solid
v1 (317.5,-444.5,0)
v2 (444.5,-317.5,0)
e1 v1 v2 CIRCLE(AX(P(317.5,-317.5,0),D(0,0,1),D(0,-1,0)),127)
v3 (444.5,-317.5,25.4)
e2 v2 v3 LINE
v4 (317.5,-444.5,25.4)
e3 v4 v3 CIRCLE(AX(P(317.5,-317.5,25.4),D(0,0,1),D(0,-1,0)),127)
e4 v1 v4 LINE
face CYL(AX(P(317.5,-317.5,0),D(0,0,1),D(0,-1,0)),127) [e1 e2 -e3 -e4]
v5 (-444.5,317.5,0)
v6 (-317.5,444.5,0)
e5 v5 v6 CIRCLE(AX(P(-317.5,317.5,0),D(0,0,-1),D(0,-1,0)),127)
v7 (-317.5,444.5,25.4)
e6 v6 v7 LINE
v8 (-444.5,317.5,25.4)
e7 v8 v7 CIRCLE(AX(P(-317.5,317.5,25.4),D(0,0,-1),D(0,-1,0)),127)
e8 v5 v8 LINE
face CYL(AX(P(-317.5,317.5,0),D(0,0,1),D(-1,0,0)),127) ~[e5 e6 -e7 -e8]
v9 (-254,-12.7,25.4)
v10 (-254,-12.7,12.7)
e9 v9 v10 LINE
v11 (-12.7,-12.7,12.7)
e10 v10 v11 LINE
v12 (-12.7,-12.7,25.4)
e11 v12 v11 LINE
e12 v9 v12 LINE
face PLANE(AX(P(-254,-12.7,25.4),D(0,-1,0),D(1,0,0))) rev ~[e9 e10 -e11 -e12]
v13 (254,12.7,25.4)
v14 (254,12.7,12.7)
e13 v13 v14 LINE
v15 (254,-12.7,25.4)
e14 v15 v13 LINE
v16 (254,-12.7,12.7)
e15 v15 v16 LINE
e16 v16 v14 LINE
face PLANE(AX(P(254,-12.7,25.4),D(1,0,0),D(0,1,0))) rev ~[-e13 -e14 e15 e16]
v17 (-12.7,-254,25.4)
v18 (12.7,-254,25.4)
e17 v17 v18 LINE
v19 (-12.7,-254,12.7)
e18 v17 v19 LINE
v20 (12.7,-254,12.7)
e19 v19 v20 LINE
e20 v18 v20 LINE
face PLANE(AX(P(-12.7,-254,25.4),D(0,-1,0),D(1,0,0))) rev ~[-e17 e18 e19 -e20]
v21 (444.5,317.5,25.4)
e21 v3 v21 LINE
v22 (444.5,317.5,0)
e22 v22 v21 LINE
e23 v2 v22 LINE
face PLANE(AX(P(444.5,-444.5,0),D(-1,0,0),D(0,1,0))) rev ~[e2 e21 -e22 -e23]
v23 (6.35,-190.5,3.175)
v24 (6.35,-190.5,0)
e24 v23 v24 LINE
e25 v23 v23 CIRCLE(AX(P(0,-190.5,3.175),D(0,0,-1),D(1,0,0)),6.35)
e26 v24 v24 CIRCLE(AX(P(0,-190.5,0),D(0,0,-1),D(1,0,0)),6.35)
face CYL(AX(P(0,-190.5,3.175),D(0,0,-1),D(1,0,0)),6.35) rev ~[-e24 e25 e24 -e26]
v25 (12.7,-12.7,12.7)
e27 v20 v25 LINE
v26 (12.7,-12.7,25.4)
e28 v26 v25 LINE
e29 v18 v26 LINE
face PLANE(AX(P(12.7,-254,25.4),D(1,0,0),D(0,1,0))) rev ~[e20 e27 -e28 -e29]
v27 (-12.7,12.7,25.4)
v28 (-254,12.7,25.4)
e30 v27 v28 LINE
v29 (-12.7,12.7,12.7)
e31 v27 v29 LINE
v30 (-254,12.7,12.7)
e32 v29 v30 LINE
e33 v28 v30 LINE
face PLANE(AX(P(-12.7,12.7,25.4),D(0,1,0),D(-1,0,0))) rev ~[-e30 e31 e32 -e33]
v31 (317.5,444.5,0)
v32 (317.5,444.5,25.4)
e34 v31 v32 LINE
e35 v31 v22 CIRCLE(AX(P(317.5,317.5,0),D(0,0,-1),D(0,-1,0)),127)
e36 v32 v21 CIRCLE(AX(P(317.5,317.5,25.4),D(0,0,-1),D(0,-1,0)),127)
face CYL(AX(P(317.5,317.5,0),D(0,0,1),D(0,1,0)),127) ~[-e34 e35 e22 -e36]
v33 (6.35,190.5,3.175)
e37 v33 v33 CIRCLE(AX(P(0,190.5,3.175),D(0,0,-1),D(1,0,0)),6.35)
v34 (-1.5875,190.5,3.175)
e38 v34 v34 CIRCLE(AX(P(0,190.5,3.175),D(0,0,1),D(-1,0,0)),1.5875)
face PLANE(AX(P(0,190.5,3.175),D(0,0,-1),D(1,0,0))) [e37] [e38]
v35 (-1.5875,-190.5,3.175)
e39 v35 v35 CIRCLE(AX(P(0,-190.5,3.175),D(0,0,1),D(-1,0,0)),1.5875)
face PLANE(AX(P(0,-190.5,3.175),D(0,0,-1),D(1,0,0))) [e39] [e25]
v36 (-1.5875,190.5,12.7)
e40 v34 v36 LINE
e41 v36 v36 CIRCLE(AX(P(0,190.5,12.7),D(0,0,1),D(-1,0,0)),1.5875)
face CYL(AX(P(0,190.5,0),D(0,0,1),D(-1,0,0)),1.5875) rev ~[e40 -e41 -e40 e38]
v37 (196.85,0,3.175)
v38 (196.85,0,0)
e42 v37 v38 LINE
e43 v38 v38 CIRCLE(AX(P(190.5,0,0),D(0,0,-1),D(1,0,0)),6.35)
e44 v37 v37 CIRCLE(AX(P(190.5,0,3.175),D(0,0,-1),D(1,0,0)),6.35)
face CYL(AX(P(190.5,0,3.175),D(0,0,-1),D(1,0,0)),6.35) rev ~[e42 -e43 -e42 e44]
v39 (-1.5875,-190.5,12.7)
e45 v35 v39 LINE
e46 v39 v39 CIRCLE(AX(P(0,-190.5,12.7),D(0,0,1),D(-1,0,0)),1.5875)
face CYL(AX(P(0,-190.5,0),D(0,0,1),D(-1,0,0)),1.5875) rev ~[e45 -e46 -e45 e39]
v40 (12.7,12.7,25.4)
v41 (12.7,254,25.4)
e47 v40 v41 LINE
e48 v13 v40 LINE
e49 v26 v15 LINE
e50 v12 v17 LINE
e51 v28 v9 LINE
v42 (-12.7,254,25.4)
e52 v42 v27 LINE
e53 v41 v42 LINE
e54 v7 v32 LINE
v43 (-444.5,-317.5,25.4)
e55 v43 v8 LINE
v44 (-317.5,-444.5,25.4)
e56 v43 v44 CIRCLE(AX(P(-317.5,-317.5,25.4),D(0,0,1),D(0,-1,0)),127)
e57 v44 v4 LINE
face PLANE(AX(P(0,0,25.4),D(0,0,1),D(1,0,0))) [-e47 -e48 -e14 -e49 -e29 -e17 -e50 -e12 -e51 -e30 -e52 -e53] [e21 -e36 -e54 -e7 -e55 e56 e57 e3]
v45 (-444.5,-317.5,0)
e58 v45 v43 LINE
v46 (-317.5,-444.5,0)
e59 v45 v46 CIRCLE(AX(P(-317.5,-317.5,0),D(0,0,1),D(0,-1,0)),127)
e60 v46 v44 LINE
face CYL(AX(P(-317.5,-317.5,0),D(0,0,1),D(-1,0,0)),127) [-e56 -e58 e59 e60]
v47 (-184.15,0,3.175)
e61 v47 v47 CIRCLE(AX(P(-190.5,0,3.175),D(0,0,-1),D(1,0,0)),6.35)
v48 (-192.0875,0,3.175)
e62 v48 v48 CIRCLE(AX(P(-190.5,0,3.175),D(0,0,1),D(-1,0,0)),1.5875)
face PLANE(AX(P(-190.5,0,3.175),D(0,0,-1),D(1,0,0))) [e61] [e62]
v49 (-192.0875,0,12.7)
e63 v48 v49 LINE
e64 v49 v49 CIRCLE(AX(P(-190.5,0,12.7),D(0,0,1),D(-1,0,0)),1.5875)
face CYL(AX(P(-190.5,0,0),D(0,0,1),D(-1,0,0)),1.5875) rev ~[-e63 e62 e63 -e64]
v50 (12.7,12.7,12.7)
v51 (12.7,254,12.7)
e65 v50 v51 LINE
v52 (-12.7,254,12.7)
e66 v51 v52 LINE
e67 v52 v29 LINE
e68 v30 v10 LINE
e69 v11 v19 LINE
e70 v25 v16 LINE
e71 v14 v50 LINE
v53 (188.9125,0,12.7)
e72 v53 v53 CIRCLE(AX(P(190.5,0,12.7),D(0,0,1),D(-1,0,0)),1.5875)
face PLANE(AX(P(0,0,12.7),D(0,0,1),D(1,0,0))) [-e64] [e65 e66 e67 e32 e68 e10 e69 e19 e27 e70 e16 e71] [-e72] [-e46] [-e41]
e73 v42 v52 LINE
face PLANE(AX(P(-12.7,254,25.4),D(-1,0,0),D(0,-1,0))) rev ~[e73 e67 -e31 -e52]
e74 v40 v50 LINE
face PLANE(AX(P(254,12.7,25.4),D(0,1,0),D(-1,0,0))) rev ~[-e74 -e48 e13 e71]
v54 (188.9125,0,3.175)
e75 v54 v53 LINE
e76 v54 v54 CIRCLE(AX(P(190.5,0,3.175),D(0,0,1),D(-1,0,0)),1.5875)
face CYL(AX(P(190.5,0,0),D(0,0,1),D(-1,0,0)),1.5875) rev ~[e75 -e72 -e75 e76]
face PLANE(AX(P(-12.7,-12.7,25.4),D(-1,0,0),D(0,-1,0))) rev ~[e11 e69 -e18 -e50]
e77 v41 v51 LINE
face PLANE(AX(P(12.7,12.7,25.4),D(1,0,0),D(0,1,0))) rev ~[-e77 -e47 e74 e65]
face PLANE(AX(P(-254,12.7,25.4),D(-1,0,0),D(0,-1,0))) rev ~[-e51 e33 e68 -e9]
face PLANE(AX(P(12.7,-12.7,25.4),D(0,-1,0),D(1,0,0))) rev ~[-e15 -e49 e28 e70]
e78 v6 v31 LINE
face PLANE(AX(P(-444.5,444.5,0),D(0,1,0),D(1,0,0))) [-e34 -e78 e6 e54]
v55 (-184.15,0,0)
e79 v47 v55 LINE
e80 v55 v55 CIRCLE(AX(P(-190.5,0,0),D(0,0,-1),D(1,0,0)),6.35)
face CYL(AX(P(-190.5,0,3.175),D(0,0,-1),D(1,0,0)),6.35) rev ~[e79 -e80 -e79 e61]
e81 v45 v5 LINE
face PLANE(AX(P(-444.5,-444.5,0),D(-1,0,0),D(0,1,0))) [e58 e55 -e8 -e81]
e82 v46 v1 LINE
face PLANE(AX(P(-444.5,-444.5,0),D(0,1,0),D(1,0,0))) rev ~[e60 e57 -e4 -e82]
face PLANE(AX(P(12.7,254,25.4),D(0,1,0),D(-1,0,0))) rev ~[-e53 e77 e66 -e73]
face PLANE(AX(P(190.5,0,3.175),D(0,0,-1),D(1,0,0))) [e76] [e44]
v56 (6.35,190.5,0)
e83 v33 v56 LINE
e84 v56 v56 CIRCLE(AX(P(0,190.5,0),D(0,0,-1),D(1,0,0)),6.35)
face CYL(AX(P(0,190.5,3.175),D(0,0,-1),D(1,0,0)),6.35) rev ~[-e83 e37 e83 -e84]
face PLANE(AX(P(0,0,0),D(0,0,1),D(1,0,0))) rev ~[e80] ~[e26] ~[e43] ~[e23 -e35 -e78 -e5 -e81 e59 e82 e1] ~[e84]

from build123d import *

# Parameters (mm, degrees)
F0_W           = 889
F0_H           = 889
F1_DEPTH       = 25.4
F6_DEPTH       = 12.7
F3_D           = 3.175
F3_DEPTH       = 63.5
F3_CBORE_D     = 12.7
F3_CBORE_DEPTH = 3.175
F4_R           = 127


with BuildPart() as f1:
    # F0 (on Top) → F1 (new body)
    with BuildSketch(Plane.XY):
        Rectangle(F0_W, F0_H)
    extrude(amount=F1_DEPTH)

    # F5 (on face) → F6 (cut)
    with BuildSketch(Plane.XY.offset(25.4)):
        Polygon((12.7, 12.7), (12.7, 254), (-12.7, 254), (-12.7, 12.7), (-254, 12.7), (-254, -12.7), (-12.7, -12.7), (-12.7, -254), (12.7, -254), (12.7, -12.7), (254, -12.7), (254, 12.7), align=None)
    extrude(amount=-F6_DEPTH, mode=Mode.SUBTRACT)

    # F3
    with Locations(Plane(origin=(0, 0, 0), x_dir=(1, 0, 0), z_dir=(0, 0, -1))):
        with Locations((-190.5, 0), (0, 190.5), (190.5, 0), (0, -190.5)):
            CounterBoreHole(F3_D / 2, F3_CBORE_D / 2, F3_CBORE_DEPTH, depth=F3_DEPTH)

    # F4
    f4_edges = [f1.edges().sort_by_distance(p)[0] for p in [
        (444.5, -444.5, 12.7),
        (444.5, 444.5, 12.7),
        (-444.5, 444.5, 12.7),
        (-444.5, -444.5, 12.7),
    ]]
    fillet(f4_edges, radius=F4_R)


solid = f1.part
